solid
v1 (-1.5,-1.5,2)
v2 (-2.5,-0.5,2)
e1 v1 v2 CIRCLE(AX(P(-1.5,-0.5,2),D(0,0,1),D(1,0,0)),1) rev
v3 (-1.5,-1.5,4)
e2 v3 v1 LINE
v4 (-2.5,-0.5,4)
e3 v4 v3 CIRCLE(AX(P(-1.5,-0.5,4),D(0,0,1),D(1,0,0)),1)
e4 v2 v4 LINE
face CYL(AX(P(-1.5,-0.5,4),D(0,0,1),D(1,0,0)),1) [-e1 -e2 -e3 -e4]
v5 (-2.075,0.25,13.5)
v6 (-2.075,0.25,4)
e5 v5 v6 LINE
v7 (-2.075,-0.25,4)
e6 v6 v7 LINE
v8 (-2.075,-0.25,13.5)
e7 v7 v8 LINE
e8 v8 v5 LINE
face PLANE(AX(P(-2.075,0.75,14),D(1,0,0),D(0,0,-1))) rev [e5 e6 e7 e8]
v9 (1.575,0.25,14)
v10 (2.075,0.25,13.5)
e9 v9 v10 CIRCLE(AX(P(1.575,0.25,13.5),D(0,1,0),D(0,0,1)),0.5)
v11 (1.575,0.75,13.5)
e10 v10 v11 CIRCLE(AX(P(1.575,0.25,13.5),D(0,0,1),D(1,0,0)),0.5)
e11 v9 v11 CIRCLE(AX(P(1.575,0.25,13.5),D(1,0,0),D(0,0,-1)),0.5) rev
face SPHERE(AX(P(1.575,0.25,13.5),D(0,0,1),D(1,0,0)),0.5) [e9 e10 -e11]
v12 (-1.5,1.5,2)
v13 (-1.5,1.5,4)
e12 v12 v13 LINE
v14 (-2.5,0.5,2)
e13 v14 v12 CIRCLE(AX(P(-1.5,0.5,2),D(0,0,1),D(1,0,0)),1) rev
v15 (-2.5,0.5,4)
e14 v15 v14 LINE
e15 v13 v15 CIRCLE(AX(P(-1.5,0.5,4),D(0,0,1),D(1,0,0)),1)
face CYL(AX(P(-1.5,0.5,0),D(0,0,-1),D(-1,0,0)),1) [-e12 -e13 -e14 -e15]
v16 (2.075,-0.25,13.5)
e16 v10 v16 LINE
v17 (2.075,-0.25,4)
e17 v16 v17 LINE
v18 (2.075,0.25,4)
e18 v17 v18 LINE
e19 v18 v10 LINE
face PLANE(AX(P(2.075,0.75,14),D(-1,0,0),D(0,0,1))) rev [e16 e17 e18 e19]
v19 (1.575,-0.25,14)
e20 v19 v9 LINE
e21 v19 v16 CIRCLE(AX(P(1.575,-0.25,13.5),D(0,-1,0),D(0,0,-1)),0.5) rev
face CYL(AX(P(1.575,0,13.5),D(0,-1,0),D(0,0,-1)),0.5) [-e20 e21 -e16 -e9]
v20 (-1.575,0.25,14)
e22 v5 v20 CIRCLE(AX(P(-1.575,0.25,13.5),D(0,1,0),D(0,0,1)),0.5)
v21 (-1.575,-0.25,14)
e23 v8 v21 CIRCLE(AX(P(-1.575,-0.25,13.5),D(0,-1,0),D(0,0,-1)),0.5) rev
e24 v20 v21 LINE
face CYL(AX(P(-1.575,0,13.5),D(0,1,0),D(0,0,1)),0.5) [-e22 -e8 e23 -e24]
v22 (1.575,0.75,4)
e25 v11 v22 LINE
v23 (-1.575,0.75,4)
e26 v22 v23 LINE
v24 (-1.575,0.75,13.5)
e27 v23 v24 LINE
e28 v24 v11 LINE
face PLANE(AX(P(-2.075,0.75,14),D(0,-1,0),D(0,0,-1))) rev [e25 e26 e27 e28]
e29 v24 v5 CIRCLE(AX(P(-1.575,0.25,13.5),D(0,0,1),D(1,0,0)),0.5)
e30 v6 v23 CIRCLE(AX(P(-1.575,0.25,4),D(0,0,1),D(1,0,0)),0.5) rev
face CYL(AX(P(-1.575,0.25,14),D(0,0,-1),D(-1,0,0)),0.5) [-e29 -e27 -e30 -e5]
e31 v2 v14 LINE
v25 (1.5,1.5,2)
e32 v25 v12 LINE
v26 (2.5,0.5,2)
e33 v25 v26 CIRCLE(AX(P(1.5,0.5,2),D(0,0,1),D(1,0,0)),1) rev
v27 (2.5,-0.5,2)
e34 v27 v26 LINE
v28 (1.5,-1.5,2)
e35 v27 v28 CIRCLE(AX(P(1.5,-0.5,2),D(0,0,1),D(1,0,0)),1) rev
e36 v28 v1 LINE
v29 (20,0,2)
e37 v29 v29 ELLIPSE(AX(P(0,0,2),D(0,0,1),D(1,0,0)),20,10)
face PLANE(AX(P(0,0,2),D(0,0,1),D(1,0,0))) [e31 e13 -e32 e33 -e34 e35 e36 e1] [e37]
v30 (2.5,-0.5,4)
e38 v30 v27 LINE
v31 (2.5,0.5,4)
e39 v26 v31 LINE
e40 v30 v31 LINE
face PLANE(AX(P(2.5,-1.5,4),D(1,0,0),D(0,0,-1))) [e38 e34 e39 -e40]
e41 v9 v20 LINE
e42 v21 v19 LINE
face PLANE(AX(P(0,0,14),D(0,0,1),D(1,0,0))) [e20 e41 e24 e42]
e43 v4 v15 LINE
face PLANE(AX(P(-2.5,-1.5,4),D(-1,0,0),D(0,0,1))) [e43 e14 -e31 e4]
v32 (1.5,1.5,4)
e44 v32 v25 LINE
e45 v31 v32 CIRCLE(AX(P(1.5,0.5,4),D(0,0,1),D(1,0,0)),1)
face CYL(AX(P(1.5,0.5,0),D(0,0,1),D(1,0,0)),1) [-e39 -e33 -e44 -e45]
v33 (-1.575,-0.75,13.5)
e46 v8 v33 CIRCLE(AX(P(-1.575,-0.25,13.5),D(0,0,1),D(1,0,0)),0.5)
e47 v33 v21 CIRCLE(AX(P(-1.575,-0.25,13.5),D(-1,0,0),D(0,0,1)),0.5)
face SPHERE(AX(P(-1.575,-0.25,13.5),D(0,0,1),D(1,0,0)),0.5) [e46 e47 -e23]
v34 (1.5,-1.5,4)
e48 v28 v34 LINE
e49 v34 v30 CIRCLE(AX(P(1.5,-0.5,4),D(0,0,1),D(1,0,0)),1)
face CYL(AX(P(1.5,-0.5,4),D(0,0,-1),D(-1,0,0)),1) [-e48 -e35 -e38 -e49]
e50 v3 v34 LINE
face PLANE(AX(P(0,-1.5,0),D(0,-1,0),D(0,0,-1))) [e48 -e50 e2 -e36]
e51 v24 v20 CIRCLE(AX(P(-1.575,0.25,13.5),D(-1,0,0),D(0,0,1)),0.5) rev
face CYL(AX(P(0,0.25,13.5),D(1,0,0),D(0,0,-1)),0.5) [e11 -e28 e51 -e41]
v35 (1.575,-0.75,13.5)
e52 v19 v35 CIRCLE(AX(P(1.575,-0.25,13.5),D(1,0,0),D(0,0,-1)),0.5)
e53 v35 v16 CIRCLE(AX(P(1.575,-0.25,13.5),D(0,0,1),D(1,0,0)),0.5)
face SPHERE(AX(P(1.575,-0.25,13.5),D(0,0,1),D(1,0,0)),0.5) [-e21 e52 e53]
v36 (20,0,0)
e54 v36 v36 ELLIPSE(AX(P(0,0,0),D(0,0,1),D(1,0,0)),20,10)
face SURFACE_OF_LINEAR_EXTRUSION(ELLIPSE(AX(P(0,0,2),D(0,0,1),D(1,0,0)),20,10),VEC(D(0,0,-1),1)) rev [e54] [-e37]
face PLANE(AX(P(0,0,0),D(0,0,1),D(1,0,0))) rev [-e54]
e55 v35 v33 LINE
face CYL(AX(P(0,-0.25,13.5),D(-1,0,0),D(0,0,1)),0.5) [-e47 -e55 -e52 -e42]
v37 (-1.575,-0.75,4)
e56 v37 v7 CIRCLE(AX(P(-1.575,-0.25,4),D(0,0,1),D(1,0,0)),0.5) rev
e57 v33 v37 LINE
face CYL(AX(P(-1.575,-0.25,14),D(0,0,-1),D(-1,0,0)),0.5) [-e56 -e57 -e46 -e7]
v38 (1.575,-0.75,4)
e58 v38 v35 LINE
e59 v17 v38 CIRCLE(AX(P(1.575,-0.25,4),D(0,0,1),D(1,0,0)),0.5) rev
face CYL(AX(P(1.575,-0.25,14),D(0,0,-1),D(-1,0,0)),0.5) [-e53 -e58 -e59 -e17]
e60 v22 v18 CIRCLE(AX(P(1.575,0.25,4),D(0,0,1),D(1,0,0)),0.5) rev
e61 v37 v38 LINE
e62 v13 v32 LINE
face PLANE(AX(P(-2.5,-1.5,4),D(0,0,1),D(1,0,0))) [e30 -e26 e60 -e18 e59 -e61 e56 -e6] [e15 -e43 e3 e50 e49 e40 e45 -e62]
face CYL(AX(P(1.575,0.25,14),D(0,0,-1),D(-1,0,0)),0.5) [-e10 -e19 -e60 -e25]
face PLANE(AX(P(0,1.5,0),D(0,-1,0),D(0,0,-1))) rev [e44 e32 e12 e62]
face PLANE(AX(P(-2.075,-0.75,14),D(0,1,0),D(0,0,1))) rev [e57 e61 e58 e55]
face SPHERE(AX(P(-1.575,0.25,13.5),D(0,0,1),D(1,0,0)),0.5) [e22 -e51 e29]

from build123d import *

# Parameters (mm, degrees)
SKETCH1_RX               = 20
SKETCH1_RY               = 10
BOSS_EXTRUDE1_DEPTH      = 2
BOSS_EXTRUDE2_DEPTH      = 1.5
BOSS_EXTRUDE2_DEPTH_BACK = 1.5
SKETCH2_W                = 5
SKETCH2_H                = 2
SKETCH3_W                = 4.15
SKETCH3_H                = 1.5
BOSS_EXTRUDE3_DEPTH      = 10
FILLET1_R                = 1
FILLET3_R                = 0.5


with BuildPart() as part:
    # Sketch1 → Boss-Extrude1 (new body)
    with BuildSketch(Plane.XY):
        with Locations((0, 0)):
            Ellipse(SKETCH1_RX, SKETCH1_RY)
    extrude(amount=BOSS_EXTRUDE1_DEPTH)

    # Sketch2 → Boss-Extrude2 (add, two sides: drawn at the far end of the back side and taken through both)
    with BuildSketch(Plane(origin=(0, 0, 0), x_dir=(1, 0, 0), z_dir=(0, 1, 0)).offset(-BOSS_EXTRUDE2_DEPTH_BACK)):
        with Locations((0, -3)):
            Rectangle(SKETCH2_W, SKETCH2_H)
    extrude(amount=BOSS_EXTRUDE2_DEPTH + BOSS_EXTRUDE2_DEPTH_BACK)

    # Sketch3 → Boss-Extrude3 (add)
    with BuildSketch(Plane.XY.offset(4)):
        Rectangle(SKETCH3_W, SKETCH3_H)
    extrude(amount=BOSS_EXTRUDE3_DEPTH)

    # Fillet1
    fillet1_edges = [part.edges().sort_by_distance(p)[0] for p in [
        (-2.5, -1.5, 3),
        (2.5, -1.5, 3),
        (-2.5, 1.5, 3),
        (2.5, 1.5, 3),
    ]]
    fillet(fillet1_edges, radius=FILLET1_R)

    # Fillet3
    fillet3_edges = [part.edges().sort_by_distance(p)[0] for p in [
        (-2.075, 0.75, 9),
        (-2.075, -0.75, 9),
        (2.075, -0.75, 9),
        (2.075, 0.75, 9),
        (-2.075, 0, 14),
        (0, -0.75, 14),
        (2.075, 0, 14),
        (0, 0.75, 14),
    ]]
    fillet(fillet3_edges, radius=FILLET3_R)


solid = part.part
